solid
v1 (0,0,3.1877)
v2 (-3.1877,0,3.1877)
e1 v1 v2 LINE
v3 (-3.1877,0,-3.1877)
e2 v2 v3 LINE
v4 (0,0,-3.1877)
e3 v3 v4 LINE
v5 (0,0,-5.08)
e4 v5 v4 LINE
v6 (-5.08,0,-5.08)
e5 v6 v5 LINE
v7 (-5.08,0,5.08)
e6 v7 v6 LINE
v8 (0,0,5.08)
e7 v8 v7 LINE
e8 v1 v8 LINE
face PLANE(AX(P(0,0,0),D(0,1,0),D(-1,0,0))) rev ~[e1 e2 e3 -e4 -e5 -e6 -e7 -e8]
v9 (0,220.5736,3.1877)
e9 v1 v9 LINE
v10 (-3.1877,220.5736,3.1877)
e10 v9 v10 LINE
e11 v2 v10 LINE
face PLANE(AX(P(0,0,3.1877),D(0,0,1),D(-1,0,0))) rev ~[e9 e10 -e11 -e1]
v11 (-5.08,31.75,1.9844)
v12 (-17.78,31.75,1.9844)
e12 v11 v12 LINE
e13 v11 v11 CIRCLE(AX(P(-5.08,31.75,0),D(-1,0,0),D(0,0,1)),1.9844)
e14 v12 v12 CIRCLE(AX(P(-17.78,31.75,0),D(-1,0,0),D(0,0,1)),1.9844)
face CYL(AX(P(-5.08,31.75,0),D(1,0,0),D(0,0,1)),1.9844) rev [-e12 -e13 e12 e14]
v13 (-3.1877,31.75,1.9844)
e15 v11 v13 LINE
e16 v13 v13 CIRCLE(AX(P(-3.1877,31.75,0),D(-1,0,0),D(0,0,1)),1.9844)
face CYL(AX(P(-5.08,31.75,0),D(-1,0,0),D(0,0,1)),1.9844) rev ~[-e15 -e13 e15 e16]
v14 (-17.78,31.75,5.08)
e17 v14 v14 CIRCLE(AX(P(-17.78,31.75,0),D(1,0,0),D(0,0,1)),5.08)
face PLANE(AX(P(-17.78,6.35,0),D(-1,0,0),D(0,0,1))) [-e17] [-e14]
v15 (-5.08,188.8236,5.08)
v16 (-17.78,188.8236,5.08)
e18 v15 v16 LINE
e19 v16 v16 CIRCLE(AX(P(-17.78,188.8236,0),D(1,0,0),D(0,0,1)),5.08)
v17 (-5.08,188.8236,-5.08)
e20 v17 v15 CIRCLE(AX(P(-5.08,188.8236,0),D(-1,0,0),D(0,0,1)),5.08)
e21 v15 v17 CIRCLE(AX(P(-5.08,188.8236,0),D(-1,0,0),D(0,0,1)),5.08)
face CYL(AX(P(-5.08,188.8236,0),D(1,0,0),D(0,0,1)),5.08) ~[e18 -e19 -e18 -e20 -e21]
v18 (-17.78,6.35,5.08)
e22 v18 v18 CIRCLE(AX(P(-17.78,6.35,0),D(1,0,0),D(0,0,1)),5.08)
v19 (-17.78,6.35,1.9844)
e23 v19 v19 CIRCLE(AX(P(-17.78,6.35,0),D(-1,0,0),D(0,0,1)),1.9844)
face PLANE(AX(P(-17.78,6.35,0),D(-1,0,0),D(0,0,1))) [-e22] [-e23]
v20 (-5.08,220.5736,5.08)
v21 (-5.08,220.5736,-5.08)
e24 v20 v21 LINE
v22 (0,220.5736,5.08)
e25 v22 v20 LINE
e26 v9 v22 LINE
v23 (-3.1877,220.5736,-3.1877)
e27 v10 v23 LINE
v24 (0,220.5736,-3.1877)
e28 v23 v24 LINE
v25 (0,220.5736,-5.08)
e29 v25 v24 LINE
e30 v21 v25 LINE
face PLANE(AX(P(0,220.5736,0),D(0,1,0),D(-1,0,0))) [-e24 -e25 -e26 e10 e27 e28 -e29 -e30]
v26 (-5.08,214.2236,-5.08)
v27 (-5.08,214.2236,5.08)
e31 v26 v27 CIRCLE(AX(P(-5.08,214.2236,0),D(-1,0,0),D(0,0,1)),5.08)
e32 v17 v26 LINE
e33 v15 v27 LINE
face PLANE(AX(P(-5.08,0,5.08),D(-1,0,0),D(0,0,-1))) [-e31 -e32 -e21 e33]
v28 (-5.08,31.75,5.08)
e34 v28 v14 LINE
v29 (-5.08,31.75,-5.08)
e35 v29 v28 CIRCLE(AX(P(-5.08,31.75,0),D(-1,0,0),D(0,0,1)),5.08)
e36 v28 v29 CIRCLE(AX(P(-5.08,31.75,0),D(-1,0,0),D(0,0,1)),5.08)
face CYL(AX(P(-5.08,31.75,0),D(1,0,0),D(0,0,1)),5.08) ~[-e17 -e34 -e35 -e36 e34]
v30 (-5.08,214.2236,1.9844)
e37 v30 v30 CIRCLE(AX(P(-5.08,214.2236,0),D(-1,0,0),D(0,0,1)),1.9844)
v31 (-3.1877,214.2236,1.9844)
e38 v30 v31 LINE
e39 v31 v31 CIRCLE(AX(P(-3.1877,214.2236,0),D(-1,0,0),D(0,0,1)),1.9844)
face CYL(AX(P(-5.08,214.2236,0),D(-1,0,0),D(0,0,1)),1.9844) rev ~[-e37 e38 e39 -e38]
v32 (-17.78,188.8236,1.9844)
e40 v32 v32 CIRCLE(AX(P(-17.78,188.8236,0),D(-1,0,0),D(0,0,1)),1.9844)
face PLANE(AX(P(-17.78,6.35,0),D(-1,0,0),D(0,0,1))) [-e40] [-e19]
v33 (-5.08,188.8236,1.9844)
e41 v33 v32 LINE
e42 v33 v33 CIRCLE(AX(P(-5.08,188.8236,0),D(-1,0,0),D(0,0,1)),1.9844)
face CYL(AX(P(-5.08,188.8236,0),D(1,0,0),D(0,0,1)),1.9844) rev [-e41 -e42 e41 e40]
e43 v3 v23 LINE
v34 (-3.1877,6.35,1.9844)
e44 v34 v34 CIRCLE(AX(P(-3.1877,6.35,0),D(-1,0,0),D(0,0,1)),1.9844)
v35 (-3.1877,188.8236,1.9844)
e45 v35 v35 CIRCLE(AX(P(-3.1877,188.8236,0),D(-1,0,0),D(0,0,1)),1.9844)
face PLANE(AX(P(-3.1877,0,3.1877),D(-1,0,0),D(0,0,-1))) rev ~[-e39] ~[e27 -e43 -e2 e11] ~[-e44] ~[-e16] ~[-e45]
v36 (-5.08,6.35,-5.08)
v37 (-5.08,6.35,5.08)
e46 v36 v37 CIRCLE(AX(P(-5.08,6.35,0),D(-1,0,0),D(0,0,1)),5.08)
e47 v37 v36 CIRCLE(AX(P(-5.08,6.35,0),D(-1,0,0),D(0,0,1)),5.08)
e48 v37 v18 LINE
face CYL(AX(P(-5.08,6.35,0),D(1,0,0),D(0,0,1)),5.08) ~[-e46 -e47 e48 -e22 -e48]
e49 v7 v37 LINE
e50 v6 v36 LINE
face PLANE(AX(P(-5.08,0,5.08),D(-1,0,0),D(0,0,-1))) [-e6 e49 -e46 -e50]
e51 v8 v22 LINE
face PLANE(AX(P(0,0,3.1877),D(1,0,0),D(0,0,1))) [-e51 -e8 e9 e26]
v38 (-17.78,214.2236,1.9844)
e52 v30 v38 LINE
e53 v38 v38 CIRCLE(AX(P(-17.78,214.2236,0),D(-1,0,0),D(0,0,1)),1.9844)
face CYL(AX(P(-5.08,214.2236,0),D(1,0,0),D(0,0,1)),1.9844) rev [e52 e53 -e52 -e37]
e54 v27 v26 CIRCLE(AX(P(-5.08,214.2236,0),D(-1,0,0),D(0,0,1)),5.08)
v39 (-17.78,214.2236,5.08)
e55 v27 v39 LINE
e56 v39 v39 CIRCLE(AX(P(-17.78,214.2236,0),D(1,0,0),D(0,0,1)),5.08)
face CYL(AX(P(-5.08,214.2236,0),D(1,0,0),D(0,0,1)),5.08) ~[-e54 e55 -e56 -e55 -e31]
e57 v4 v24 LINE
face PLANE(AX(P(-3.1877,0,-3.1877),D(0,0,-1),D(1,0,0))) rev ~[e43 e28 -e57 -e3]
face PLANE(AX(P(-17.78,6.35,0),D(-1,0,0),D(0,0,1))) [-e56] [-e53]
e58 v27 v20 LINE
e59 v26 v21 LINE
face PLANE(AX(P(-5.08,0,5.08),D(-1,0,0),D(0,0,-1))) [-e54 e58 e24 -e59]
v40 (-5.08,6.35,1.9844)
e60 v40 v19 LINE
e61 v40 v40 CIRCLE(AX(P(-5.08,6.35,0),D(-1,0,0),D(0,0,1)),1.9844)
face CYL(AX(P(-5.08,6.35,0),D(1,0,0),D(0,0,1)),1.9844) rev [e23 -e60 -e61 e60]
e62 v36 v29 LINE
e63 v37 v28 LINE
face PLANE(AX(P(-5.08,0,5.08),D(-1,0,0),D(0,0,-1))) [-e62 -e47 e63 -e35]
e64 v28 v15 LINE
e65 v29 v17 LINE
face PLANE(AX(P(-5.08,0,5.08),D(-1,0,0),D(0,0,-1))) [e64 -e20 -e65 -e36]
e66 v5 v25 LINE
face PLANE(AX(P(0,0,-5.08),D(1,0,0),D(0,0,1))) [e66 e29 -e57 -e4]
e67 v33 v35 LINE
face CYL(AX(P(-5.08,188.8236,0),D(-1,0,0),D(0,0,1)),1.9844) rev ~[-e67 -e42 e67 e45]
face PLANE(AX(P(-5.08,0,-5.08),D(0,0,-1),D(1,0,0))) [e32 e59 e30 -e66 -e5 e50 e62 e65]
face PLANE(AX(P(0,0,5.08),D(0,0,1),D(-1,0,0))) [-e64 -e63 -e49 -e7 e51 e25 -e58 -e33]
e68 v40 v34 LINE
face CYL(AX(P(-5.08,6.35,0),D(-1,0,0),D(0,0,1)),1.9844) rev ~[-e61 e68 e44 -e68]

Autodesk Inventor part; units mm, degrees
ref_plane "YZ Plane" through (0, 0, 0) normal (1, 0, 0) x (0, 1, 0)
ref_plane "XZ Plane" through (0, 0, 0) normal (0, 1, 0) x (-1, 0, 0)
ref_plane "XY Plane" through (0, 0, 0) normal (0, 0, 1) x (1, 0, 0)
sketch "Sketch1" plane through (0, 0, 0) normal (0, 1, 0) x (-1, 0, 0)
  line L0 (0, 3.1877) -> (3.1877, 3.1877)
  line L1 (3.1877, 3.1877) -> (3.1877, -3.1877)
  line L2 (3.1877, -3.1877) -> (0, -3.1877)
  line L3 (0, 5.08) -> (5.08, 5.08)
  line L4 (5.08, 5.08) -> (5.08, -5.08)
  line L5 (5.08, -5.08) -> (0, -5.08)
  line L6 (0, -5.08) -> (0, -3.1877)
  line L7 (0, 3.1877) -> (0, 5.08)
  point P0 (0, 0)
  dimension "d0" = 3.1877
  dimension "d1" = 6.3754
  dimension "d2" = 5.08
  dimension "d3" = 10.16
extrude "Extrusion1" add sketch "Sketch1" along normal blind 220.5736
sketch "Sketch2" plane through (-5.08, 0, -5.08) normal (-1, 0, 0) x (0, 0, 1)
  circle A0 centre (5.08, 6.35) radius 1.9844
  circle A1 centre (5.08, 214.2236) radius 1.9844
  circle A2 centre (5.08, 31.75) radius 1.9844
  circle A3 centre (5.08, 188.8236) radius 1.9844
  point P0 (5.08, 0)
  dimension "d6" = 3.9688
  dimension "d7" = 3.9688
  dimension "d12" = 3.9688
  dimension "d13" = 3.9688
sketch "Sketch3" plane through (-5.08, 0, -5.08) normal (-1, 0, 0) x (0, 0, 1)
  point P0 (5.08, 0)
extrude "Extrusion4" cut sketch "Sketch2" against normal blind 12.7
sketch "Sketch5" plane through (-5.08, 6.35, 0) normal (-1, 0, 0) x (0, 0, 1)
  circle A0 centre (0, 0) radius 1.9844 projected
  circle A1 centre (0, 25.4) radius 1.9844 projected
  circle A2 centre (0, 182.4736) radius 1.9844 projected
  circle A3 centre (0, 207.8736) radius 1.9844 projected
  circle A4 centre (0, 0) radius 5.08
  line L0 (-5.08, -6.35) -> (-5.08, 214.2236) projected
  circle A5 centre (0, 25.4) radius 5.08
  circle A6 centre (0, 207.8736) radius 5.08
  circle A7 centre (0, 182.4736) radius 5.08
  point P0 (0, -6.35)
extrude "Extrusion5" add sketch "Sketch5" along normal blind 12.7
properties part number "hs_intake_front_brace"
